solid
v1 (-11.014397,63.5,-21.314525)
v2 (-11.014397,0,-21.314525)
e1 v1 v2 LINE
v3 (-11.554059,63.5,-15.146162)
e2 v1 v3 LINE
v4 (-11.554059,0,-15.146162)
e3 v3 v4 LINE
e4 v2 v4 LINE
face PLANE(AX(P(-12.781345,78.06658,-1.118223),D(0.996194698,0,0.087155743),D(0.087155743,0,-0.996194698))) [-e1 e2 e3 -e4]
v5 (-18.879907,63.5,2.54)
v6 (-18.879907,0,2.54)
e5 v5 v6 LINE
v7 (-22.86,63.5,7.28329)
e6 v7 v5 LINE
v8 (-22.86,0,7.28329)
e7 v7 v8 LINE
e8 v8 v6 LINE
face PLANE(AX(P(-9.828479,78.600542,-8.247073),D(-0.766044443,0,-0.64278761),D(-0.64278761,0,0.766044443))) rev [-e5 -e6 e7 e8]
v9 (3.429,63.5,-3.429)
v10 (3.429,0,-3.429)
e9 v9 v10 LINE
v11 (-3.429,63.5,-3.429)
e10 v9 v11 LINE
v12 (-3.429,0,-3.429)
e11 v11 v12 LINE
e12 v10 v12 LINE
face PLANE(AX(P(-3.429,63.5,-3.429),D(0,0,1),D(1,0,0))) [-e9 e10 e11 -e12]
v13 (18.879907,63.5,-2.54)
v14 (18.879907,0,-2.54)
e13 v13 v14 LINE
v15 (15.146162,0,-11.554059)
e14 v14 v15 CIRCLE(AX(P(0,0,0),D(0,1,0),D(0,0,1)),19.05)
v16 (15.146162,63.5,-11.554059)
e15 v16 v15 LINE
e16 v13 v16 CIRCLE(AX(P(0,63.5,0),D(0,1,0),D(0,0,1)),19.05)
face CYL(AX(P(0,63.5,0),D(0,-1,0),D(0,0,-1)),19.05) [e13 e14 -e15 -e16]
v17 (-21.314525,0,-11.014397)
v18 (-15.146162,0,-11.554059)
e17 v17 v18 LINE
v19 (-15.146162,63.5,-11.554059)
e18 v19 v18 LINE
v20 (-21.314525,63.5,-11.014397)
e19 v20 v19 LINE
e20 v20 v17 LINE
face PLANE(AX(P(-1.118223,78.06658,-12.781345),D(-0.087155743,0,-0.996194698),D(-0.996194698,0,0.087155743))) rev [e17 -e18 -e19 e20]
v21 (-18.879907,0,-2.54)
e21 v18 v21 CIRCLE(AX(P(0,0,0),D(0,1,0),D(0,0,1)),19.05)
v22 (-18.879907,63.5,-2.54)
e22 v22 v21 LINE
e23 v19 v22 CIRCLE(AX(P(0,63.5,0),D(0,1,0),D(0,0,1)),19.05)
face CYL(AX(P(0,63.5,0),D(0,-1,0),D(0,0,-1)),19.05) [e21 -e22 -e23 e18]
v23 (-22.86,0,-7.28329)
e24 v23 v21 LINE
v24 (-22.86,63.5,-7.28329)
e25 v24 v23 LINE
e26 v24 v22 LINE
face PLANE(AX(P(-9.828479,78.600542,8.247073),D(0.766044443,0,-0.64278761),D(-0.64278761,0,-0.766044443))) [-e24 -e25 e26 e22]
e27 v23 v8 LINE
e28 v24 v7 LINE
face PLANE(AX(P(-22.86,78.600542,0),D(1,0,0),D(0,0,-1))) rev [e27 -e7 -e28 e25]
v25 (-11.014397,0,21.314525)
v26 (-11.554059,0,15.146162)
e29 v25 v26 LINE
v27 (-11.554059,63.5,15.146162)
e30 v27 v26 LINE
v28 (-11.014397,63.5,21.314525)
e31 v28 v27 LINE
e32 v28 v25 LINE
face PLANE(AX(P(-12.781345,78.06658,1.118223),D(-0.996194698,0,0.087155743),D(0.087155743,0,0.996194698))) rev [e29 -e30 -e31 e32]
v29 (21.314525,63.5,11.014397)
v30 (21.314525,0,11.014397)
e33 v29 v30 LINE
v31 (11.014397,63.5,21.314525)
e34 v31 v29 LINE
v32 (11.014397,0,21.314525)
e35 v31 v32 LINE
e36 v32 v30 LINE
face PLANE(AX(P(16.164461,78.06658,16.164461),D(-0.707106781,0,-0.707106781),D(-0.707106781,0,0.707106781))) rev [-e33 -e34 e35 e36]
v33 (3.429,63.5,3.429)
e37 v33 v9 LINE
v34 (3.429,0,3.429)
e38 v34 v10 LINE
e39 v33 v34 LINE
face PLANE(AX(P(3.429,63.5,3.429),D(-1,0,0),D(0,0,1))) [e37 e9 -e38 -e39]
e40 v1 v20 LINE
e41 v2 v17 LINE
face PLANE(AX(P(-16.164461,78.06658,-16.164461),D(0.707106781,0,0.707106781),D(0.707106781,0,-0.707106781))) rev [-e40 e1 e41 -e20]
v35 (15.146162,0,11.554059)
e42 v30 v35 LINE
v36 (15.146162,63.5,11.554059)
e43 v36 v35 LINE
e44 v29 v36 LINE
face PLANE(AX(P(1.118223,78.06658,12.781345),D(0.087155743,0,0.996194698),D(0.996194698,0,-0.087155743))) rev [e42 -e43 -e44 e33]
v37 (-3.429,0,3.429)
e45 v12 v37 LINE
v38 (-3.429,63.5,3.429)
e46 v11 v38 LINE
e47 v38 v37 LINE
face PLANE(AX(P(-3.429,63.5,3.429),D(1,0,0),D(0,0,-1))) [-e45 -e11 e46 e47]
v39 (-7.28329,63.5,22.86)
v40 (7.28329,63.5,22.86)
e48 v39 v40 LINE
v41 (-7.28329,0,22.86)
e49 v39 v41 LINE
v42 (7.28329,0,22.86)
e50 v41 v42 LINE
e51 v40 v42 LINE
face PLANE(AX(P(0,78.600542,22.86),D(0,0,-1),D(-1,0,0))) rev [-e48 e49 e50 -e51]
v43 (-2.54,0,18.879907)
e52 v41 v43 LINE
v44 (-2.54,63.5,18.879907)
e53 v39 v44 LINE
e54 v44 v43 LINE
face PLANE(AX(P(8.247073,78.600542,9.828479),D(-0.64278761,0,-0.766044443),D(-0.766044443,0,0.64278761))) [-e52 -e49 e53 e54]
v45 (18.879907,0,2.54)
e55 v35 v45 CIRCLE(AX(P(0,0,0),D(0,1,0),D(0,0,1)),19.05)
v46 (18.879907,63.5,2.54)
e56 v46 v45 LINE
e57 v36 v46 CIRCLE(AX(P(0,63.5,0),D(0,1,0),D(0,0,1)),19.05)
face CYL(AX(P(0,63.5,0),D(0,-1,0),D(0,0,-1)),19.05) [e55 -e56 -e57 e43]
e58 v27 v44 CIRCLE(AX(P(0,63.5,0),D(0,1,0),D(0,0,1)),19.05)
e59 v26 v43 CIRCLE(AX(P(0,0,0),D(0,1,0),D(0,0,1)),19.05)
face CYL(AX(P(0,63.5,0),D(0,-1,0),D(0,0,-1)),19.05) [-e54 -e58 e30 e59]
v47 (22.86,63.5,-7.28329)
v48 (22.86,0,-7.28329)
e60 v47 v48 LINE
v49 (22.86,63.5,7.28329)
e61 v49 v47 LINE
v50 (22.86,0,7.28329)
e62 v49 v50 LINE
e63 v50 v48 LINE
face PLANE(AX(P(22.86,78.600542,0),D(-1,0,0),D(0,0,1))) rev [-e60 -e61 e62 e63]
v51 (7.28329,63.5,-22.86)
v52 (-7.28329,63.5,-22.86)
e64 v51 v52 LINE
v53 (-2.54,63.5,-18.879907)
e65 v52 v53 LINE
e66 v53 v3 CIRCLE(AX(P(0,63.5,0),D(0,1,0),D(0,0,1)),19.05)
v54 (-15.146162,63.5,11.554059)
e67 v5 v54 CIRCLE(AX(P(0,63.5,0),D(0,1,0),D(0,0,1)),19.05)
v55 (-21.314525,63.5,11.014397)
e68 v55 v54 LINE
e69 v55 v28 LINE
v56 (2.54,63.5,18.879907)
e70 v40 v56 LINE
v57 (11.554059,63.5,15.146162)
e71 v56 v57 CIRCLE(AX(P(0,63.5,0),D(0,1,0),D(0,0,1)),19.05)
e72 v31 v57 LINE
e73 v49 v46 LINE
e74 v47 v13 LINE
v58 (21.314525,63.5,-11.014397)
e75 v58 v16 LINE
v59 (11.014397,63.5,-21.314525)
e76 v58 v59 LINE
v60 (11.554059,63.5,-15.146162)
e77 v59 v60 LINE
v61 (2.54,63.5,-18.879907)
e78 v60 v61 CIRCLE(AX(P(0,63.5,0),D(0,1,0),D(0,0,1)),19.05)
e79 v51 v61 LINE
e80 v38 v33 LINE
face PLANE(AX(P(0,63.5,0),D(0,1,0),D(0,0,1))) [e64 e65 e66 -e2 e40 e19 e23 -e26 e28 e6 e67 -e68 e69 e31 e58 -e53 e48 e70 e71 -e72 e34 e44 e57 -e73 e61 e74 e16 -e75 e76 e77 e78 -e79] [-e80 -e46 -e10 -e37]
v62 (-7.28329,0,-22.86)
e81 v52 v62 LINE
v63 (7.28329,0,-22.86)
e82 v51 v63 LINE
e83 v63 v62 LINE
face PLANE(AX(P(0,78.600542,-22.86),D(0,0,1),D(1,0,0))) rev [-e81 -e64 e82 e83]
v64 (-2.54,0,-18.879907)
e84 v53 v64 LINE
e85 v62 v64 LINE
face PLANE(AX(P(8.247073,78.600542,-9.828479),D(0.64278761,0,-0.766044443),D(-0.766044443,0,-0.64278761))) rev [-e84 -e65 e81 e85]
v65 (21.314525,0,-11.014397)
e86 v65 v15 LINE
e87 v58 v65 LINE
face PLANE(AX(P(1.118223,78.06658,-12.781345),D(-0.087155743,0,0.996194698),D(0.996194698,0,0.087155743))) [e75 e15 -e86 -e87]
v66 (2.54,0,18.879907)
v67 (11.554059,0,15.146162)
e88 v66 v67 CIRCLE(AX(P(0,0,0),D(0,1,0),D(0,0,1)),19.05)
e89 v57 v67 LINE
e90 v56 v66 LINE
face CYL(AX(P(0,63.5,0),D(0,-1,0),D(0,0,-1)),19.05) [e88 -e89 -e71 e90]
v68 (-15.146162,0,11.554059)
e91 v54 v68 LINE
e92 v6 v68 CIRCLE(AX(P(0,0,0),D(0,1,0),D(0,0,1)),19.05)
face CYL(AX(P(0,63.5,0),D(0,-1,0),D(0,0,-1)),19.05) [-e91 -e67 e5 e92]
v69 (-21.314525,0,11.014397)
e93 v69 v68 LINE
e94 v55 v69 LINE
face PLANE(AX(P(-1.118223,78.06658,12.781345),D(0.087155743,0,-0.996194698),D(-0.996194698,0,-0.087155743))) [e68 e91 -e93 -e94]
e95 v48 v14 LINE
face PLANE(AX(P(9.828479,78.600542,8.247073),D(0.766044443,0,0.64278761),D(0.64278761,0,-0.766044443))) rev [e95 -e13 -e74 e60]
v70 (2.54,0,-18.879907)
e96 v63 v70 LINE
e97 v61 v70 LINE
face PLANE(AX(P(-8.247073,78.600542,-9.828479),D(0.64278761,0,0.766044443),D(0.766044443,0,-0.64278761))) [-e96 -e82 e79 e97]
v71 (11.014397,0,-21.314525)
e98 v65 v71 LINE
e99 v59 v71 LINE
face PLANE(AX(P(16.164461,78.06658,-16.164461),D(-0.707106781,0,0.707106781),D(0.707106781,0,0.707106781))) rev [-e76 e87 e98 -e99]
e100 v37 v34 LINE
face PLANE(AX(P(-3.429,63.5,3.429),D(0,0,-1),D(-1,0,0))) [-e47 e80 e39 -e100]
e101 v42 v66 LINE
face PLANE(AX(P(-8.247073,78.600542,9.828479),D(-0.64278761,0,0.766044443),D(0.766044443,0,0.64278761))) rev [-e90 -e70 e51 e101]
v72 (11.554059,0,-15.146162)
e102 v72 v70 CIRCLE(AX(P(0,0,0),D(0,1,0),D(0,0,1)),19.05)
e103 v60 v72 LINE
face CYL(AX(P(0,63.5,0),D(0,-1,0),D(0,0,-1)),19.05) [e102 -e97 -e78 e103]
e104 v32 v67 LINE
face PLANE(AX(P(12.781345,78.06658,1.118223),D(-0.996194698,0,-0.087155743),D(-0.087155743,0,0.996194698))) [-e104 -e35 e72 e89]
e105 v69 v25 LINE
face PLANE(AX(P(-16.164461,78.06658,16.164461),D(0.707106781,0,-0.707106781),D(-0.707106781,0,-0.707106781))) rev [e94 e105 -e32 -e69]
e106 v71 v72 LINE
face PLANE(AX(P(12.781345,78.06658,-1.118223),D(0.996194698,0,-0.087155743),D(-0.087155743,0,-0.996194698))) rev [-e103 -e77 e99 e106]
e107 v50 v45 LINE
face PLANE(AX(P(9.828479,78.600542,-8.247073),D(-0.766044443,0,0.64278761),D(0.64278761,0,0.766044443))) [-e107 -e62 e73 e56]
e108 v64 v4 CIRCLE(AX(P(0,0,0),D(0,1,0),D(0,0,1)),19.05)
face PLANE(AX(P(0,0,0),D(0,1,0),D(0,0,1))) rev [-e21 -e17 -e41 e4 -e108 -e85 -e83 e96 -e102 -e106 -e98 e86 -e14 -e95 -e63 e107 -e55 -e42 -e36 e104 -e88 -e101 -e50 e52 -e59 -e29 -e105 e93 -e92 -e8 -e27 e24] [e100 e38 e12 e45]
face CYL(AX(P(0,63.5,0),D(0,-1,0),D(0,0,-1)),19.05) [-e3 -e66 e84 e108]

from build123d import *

# Parameters (mm, degrees)
SKETCH2_R           = 19.05
SKETCH2_W           = 6.858
SKETCH2_H           = 6.858
BOSS_EXTRUDE1_DEPTH = 63.5
BOSS_EXTRUDE2_DEPTH = 63.5
CIRPATTERN1_COUNT   = 8


with BuildPart() as part:
    # Sketch2 → Boss-Extrude1 (new body)
    with BuildSketch(Plane(origin=(0, 0, 0), x_dir=(1, 0, 0), z_dir=(0, 1, 0))):
        with Locations(Location((0, 0, 0), (0, 0, 270))):
            Circle(SKETCH2_R)
        Rectangle(SKETCH2_W, SKETCH2_H, mode=Mode.SUBTRACT)
    extrude(amount=BOSS_EXTRUDE1_DEPTH)

    # Sketch3 → Boss-Extrude2 (add)
    with BuildSketch(Plane(origin=(0, 0, 0), x_dir=(1, 0, 0), z_dir=(0, 1, 0))):
        with BuildLine():
            Line((0, 22.86), (0, 19.05))
            ThreePointArc((0, 19.05), (1.272844406, 19.007429261), (2.54, 18.879907309))
            Line((2.54, 18.879907309), (7.283289763, 22.86))
            Line((7.283289763, 22.86), (0, 22.86))
        make_face()
        with BuildLine():
            ThreePointArc((-2.54, 18.879907309), (-1.272844406, 19.007429261), (0, 19.05))
            Line((0, 19.05), (0, 22.86))
            Line((0, 22.86), (-7.283289763, 22.86))
            Line((-7.283289763, 22.86), (-2.54, 18.879907309))
        make_face()
    boss_extrude2 = extrude(amount=BOSS_EXTRUDE2_DEPTH)

    # CirPattern1: Boss-Extrude2 ×8 about axis
    cirpattern1_axis = Axis((0, 0, 0), (0, 1, 0))
    for i in range(1, CIRPATTERN1_COUNT):
        add(boss_extrude2.rotate(cirpattern1_axis, i * 360 / CIRPATTERN1_COUNT))


solid = part.part
